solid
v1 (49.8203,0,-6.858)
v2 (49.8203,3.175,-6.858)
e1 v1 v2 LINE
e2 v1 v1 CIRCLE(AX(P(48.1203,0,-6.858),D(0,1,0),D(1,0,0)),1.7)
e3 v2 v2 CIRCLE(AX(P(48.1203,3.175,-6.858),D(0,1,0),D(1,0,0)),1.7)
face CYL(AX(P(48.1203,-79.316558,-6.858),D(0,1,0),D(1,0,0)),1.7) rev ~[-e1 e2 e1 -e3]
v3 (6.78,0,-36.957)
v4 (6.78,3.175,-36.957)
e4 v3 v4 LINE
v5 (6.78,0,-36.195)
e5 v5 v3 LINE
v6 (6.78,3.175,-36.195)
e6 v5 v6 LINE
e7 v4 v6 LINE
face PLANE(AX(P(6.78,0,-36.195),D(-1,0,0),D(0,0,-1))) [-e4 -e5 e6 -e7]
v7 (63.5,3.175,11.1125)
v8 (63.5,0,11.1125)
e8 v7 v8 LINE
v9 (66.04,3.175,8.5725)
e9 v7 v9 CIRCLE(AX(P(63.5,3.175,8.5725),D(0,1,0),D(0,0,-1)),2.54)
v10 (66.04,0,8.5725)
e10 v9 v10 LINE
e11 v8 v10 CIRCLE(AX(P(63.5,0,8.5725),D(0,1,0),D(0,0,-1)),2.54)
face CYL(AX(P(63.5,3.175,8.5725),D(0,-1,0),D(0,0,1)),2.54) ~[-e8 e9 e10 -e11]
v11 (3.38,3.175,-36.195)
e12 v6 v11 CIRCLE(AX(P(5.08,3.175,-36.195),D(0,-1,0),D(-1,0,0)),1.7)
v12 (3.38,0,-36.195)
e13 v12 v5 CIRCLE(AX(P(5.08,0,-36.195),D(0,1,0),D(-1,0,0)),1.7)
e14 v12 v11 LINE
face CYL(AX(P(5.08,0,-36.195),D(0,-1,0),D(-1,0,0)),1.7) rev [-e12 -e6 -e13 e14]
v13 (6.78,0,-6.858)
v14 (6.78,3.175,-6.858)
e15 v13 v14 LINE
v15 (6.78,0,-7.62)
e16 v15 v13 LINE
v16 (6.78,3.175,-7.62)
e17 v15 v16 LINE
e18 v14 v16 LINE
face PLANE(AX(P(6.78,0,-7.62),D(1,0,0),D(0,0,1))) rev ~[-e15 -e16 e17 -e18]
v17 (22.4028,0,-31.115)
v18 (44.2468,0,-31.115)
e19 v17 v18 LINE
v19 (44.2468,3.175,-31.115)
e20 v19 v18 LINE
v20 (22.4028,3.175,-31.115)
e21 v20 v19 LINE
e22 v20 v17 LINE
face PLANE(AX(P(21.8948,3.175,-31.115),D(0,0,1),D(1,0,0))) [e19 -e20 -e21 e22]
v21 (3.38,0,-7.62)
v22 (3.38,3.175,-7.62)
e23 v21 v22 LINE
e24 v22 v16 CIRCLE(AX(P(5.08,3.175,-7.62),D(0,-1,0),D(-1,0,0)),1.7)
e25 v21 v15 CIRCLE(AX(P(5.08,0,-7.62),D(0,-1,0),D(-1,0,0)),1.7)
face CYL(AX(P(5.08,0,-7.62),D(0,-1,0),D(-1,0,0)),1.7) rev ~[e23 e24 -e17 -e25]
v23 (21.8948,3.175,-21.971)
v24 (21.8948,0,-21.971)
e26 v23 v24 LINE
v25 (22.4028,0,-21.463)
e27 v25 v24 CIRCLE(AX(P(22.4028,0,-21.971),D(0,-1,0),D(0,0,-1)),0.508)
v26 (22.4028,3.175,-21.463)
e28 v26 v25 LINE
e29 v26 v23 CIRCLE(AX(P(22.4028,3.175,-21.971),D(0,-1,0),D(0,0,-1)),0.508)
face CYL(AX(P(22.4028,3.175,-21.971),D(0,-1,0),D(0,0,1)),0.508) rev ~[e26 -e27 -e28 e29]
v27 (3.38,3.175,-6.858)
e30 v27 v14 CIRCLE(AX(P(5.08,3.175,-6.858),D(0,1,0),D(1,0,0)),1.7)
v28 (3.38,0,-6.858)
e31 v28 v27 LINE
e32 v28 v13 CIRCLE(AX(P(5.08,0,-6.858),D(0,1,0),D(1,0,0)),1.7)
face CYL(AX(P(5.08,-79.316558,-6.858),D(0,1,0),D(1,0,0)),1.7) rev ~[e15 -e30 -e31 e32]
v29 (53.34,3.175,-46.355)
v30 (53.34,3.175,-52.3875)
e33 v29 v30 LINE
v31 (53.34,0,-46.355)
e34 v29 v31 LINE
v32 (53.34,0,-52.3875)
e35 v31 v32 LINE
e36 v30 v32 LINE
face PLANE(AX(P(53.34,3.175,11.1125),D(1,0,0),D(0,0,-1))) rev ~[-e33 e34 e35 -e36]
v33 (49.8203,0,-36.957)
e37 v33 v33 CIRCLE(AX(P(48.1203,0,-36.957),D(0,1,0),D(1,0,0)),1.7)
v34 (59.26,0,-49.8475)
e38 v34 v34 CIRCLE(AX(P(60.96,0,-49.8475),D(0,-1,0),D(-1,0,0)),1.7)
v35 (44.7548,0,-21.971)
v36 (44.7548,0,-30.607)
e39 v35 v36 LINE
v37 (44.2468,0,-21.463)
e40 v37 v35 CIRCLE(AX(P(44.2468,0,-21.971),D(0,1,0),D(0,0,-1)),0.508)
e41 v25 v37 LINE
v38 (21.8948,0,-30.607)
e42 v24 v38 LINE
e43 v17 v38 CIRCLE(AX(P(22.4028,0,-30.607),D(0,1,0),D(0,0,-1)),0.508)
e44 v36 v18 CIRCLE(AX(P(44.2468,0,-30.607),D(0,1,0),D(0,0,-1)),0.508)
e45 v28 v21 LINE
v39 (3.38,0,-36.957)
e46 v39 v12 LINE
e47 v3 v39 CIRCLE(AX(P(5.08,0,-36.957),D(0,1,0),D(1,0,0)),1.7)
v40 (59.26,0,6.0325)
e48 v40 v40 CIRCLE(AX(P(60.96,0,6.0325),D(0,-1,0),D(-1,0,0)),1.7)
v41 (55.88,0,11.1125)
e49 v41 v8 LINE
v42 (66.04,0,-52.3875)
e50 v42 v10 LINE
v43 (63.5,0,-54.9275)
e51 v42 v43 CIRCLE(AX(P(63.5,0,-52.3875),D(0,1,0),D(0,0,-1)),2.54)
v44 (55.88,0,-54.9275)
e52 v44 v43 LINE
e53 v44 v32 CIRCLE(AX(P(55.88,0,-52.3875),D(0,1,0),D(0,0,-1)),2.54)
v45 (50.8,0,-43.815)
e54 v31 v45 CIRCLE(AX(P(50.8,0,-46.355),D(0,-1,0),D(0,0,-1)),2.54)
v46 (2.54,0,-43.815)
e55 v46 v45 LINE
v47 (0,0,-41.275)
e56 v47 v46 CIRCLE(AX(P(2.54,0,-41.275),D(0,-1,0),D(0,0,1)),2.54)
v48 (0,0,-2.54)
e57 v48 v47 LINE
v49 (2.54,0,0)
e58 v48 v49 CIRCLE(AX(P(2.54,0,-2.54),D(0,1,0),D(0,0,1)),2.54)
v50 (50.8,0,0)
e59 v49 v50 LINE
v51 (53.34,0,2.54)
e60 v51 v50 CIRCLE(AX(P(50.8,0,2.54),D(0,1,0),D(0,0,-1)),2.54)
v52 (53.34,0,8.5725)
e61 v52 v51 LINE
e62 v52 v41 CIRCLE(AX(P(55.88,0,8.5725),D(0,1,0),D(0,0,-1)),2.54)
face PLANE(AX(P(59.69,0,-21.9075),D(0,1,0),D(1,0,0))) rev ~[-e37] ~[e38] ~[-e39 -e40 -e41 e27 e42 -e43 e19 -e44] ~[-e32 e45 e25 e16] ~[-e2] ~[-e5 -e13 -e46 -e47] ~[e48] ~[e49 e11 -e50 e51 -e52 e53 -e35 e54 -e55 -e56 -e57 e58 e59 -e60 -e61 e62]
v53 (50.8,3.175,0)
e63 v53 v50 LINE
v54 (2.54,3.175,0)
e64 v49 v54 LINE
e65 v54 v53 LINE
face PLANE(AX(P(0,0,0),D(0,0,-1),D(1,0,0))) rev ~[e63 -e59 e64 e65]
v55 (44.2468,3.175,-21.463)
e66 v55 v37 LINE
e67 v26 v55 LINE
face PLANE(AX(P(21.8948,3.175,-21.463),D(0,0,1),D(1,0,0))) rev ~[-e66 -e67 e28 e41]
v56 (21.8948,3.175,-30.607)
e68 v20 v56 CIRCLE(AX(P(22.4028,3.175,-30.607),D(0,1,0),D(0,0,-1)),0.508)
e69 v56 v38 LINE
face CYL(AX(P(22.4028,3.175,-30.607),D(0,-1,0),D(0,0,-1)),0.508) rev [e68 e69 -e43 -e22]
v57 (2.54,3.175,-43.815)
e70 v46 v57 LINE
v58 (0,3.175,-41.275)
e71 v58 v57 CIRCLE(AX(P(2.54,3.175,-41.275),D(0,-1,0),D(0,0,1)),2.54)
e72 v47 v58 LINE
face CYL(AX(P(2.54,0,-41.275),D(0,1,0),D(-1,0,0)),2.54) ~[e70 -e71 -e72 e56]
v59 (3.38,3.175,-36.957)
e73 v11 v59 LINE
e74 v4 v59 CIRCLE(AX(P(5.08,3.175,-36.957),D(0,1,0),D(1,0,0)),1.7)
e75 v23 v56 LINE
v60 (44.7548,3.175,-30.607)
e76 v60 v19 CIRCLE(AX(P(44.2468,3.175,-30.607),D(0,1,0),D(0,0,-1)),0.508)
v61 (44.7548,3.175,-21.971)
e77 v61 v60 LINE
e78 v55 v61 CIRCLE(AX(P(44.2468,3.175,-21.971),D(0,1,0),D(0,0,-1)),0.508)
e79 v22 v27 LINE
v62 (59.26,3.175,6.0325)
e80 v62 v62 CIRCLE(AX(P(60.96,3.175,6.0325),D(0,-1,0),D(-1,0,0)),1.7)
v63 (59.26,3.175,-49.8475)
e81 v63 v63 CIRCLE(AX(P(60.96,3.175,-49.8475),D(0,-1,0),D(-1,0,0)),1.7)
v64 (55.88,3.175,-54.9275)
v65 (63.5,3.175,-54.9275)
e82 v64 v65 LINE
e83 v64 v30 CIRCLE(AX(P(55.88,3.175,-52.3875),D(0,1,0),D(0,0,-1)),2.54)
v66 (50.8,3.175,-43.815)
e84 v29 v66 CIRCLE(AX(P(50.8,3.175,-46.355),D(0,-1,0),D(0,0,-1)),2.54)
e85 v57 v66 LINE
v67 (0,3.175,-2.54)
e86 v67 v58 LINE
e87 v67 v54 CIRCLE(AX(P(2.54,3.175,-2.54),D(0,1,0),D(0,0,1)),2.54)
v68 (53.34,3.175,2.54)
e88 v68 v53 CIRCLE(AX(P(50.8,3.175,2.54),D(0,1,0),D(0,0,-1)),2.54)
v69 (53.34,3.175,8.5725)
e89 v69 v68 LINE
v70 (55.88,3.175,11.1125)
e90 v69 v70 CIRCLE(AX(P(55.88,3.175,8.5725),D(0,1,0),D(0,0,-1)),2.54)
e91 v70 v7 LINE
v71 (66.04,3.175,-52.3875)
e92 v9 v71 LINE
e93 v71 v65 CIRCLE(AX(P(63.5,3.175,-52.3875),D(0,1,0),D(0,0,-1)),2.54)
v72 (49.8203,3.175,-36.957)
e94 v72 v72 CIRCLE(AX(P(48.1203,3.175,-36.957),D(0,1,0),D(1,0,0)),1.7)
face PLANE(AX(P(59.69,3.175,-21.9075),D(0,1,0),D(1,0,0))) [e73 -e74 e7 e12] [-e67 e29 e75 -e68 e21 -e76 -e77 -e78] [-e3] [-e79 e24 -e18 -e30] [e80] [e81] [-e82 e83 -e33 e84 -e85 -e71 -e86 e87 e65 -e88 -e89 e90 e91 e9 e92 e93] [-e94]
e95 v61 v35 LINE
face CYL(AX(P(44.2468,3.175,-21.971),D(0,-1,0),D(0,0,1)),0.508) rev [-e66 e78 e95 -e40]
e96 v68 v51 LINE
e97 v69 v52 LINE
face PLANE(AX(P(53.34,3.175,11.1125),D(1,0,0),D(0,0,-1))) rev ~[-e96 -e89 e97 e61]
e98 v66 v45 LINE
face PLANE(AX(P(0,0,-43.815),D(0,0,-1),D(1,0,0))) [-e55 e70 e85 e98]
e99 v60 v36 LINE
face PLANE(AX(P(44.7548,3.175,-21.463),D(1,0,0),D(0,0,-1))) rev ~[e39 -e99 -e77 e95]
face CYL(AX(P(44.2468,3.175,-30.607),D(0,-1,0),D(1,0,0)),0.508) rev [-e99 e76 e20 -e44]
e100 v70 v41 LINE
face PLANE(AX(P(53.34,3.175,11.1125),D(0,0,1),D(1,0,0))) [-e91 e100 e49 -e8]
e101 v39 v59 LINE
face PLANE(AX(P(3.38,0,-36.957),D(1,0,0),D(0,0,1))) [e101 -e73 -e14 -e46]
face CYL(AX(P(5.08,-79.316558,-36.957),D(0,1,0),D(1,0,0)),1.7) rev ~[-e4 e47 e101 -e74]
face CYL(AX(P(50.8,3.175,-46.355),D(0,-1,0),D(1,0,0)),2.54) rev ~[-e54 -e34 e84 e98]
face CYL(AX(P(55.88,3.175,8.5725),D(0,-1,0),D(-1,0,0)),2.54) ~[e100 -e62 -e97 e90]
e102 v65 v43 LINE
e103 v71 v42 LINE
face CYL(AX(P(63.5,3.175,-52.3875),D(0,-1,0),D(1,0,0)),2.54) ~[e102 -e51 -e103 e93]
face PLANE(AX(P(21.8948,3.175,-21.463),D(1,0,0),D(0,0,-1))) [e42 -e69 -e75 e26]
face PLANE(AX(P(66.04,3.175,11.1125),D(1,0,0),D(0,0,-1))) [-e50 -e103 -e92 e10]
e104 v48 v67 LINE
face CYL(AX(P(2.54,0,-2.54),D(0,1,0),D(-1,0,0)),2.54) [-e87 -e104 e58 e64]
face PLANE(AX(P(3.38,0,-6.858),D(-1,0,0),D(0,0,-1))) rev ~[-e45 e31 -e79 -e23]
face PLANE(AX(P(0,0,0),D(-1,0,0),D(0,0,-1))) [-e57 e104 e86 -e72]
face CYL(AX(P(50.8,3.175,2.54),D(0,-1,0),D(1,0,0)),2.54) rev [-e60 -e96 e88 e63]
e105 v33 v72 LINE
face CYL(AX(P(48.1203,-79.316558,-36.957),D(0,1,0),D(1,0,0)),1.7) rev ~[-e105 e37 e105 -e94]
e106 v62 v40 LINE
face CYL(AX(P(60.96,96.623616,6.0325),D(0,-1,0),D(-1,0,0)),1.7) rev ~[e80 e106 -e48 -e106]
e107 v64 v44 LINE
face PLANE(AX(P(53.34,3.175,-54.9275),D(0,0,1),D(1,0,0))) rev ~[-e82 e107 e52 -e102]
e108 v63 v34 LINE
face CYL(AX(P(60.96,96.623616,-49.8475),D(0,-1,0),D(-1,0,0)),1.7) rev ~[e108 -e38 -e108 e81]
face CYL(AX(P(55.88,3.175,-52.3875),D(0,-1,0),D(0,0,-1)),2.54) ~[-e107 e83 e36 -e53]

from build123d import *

# Parameters (mm, degrees)
SKETCH1_W            = 66.04
SKETCH1_H            = 43.815
BOSS_EXTRUDE1_DEPTH  = 3.175
M3_CLEARANCE_HOLE1_D = 3.4
SKETCH6_W            = 22.86
SKETCH6_H            = 9.652
CUT_EXTRUDE1_DEPTH   = 4.175
FILLET1_R            = 0.508
FILLET2_R            = 2.54
SKETCH7_W            = 12.7
SKETCH7_H            = 66.04
BOSS_EXTRUDE2_DEPTH  = 3.175
M3_CLEARANCE_HOLE2_D = 3.4
FILLET3_R            = 2.54
CUT_EXTRUDE2_DEPTH   = 4.175


with BuildPart() as part:
    # Sketch1 → Boss-Extrude1 (new body)
    with BuildSketch(Plane(origin=(0, 0, 0), x_dir=(1, 0, 0), z_dir=(0, 1, 0))):
        with Locations((33.02, 21.9075)):
            Rectangle(SKETCH1_W, SKETCH1_H)
    extrude(amount=BOSS_EXTRUDE1_DEPTH)

    # M3 Clearance Hole1 (through all)
    with Locations(Plane(origin=(0, 0, 0), x_dir=(-1, 0, 0), z_dir=(0, -1, 0))):
        with Locations((-5.08, 6.858), (-5.08, 36.957), (-48.1203, 36.957), (-48.1203, 6.858), (-60.96, 6.858), (-60.96, 36.957)):
            Hole(M3_CLEARANCE_HOLE1_D / 2)

    # Sketch6 → Cut-Extrude1 (cut, through all)
    with BuildSketch(Plane(origin=(0, 3.175, 0), x_dir=(1, 0, 0), z_dir=(0, 1, 0))):
        with Locations((33.3248, 26.289)):
            Rectangle(SKETCH6_W, SKETCH6_H)
    extrude(amount=-CUT_EXTRUDE1_DEPTH, mode=Mode.SUBTRACT)

    # Fillet1
    fillet1_edges = [part.edges().sort_by_distance(p)[0] for p in [
        (44.7548, 1.5875, -21.463),
        (21.8948, 1.5875, -21.463),
        (21.8948, 1.5875, -31.115),
        (44.7548, 1.5875, -31.115),
    ]]
    fillet(fillet1_edges, radius=FILLET1_R)

    # Fillet2
    fillet2_edges = [part.edges().sort_by_distance(p)[0] for p in [
        (0, 1.5875, -43.815),
        (66.04, 1.5875, -43.815),
        (66.04, 1.5875, 0),
        (0, 1.5875, 0),
    ]]
    fillet(fillet2_edges, radius=FILLET2_R)

    # Sketch7 → Boss-Extrude2 (add)
    with BuildSketch(Plane(origin=(0, 3.175, 0), x_dir=(1, 0, 0), z_dir=(0, 1, 0))):
        with Locations((59.69, 21.9075)):
            Rectangle(SKETCH7_W, SKETCH7_H)
    extrude(amount=-BOSS_EXTRUDE2_DEPTH)

    # M3 Clearance Hole2 (through all)
    with Locations(Plane(origin=(0, 3.175, 0), x_dir=(1, 0, 0), z_dir=(0, 1, 0))):
        with Locations((60.96, 49.8475), (60.96, -6.0325)):
            Hole(M3_CLEARANCE_HOLE2_D / 2)

    # Fillet3
    fillet3_edges = [part.edges().sort_by_distance(p)[0] for p in [
        (53.34, 1.5875, 11.1125),
        (66.04, 1.5875, -54.9275),
        (53.34, 1.5875, -54.9275),
        (53.34, 1.5875, 0),
        (53.34, 1.5875, -43.815),
        (66.04, 1.5875, 11.1125),
    ]]
    fillet(fillet3_edges, radius=FILLET3_R)

    # Sketch11 → Cut-Extrude2 (cut, through all)
    with BuildSketch(Plane.XZ):
        with BuildLine():
            Line((3.38, -6.858), (3.38, -7.62))
            ThreePointArc((3.38, -7.62), (5.08, -9.32), (6.78, -7.62))
            Line((6.78, -7.62), (6.78, -6.858))
            ThreePointArc((6.78, -6.858), (5.08, -5.158), (3.38, -6.858))
        make_face()
        with BuildLine():
            Line((6.78, -36.195), (6.78, -36.957))
            ThreePointArc((6.78, -36.957), (5.08, -38.657), (3.38, -36.957))
            Line((3.38, -36.957), (3.38, -36.195))
            ThreePointArc((3.38, -36.195), (5.08, -34.495), (6.78, -36.195))
        make_face()
    extrude(amount=-CUT_EXTRUDE2_DEPTH, mode=Mode.SUBTRACT)


solid = part.part
